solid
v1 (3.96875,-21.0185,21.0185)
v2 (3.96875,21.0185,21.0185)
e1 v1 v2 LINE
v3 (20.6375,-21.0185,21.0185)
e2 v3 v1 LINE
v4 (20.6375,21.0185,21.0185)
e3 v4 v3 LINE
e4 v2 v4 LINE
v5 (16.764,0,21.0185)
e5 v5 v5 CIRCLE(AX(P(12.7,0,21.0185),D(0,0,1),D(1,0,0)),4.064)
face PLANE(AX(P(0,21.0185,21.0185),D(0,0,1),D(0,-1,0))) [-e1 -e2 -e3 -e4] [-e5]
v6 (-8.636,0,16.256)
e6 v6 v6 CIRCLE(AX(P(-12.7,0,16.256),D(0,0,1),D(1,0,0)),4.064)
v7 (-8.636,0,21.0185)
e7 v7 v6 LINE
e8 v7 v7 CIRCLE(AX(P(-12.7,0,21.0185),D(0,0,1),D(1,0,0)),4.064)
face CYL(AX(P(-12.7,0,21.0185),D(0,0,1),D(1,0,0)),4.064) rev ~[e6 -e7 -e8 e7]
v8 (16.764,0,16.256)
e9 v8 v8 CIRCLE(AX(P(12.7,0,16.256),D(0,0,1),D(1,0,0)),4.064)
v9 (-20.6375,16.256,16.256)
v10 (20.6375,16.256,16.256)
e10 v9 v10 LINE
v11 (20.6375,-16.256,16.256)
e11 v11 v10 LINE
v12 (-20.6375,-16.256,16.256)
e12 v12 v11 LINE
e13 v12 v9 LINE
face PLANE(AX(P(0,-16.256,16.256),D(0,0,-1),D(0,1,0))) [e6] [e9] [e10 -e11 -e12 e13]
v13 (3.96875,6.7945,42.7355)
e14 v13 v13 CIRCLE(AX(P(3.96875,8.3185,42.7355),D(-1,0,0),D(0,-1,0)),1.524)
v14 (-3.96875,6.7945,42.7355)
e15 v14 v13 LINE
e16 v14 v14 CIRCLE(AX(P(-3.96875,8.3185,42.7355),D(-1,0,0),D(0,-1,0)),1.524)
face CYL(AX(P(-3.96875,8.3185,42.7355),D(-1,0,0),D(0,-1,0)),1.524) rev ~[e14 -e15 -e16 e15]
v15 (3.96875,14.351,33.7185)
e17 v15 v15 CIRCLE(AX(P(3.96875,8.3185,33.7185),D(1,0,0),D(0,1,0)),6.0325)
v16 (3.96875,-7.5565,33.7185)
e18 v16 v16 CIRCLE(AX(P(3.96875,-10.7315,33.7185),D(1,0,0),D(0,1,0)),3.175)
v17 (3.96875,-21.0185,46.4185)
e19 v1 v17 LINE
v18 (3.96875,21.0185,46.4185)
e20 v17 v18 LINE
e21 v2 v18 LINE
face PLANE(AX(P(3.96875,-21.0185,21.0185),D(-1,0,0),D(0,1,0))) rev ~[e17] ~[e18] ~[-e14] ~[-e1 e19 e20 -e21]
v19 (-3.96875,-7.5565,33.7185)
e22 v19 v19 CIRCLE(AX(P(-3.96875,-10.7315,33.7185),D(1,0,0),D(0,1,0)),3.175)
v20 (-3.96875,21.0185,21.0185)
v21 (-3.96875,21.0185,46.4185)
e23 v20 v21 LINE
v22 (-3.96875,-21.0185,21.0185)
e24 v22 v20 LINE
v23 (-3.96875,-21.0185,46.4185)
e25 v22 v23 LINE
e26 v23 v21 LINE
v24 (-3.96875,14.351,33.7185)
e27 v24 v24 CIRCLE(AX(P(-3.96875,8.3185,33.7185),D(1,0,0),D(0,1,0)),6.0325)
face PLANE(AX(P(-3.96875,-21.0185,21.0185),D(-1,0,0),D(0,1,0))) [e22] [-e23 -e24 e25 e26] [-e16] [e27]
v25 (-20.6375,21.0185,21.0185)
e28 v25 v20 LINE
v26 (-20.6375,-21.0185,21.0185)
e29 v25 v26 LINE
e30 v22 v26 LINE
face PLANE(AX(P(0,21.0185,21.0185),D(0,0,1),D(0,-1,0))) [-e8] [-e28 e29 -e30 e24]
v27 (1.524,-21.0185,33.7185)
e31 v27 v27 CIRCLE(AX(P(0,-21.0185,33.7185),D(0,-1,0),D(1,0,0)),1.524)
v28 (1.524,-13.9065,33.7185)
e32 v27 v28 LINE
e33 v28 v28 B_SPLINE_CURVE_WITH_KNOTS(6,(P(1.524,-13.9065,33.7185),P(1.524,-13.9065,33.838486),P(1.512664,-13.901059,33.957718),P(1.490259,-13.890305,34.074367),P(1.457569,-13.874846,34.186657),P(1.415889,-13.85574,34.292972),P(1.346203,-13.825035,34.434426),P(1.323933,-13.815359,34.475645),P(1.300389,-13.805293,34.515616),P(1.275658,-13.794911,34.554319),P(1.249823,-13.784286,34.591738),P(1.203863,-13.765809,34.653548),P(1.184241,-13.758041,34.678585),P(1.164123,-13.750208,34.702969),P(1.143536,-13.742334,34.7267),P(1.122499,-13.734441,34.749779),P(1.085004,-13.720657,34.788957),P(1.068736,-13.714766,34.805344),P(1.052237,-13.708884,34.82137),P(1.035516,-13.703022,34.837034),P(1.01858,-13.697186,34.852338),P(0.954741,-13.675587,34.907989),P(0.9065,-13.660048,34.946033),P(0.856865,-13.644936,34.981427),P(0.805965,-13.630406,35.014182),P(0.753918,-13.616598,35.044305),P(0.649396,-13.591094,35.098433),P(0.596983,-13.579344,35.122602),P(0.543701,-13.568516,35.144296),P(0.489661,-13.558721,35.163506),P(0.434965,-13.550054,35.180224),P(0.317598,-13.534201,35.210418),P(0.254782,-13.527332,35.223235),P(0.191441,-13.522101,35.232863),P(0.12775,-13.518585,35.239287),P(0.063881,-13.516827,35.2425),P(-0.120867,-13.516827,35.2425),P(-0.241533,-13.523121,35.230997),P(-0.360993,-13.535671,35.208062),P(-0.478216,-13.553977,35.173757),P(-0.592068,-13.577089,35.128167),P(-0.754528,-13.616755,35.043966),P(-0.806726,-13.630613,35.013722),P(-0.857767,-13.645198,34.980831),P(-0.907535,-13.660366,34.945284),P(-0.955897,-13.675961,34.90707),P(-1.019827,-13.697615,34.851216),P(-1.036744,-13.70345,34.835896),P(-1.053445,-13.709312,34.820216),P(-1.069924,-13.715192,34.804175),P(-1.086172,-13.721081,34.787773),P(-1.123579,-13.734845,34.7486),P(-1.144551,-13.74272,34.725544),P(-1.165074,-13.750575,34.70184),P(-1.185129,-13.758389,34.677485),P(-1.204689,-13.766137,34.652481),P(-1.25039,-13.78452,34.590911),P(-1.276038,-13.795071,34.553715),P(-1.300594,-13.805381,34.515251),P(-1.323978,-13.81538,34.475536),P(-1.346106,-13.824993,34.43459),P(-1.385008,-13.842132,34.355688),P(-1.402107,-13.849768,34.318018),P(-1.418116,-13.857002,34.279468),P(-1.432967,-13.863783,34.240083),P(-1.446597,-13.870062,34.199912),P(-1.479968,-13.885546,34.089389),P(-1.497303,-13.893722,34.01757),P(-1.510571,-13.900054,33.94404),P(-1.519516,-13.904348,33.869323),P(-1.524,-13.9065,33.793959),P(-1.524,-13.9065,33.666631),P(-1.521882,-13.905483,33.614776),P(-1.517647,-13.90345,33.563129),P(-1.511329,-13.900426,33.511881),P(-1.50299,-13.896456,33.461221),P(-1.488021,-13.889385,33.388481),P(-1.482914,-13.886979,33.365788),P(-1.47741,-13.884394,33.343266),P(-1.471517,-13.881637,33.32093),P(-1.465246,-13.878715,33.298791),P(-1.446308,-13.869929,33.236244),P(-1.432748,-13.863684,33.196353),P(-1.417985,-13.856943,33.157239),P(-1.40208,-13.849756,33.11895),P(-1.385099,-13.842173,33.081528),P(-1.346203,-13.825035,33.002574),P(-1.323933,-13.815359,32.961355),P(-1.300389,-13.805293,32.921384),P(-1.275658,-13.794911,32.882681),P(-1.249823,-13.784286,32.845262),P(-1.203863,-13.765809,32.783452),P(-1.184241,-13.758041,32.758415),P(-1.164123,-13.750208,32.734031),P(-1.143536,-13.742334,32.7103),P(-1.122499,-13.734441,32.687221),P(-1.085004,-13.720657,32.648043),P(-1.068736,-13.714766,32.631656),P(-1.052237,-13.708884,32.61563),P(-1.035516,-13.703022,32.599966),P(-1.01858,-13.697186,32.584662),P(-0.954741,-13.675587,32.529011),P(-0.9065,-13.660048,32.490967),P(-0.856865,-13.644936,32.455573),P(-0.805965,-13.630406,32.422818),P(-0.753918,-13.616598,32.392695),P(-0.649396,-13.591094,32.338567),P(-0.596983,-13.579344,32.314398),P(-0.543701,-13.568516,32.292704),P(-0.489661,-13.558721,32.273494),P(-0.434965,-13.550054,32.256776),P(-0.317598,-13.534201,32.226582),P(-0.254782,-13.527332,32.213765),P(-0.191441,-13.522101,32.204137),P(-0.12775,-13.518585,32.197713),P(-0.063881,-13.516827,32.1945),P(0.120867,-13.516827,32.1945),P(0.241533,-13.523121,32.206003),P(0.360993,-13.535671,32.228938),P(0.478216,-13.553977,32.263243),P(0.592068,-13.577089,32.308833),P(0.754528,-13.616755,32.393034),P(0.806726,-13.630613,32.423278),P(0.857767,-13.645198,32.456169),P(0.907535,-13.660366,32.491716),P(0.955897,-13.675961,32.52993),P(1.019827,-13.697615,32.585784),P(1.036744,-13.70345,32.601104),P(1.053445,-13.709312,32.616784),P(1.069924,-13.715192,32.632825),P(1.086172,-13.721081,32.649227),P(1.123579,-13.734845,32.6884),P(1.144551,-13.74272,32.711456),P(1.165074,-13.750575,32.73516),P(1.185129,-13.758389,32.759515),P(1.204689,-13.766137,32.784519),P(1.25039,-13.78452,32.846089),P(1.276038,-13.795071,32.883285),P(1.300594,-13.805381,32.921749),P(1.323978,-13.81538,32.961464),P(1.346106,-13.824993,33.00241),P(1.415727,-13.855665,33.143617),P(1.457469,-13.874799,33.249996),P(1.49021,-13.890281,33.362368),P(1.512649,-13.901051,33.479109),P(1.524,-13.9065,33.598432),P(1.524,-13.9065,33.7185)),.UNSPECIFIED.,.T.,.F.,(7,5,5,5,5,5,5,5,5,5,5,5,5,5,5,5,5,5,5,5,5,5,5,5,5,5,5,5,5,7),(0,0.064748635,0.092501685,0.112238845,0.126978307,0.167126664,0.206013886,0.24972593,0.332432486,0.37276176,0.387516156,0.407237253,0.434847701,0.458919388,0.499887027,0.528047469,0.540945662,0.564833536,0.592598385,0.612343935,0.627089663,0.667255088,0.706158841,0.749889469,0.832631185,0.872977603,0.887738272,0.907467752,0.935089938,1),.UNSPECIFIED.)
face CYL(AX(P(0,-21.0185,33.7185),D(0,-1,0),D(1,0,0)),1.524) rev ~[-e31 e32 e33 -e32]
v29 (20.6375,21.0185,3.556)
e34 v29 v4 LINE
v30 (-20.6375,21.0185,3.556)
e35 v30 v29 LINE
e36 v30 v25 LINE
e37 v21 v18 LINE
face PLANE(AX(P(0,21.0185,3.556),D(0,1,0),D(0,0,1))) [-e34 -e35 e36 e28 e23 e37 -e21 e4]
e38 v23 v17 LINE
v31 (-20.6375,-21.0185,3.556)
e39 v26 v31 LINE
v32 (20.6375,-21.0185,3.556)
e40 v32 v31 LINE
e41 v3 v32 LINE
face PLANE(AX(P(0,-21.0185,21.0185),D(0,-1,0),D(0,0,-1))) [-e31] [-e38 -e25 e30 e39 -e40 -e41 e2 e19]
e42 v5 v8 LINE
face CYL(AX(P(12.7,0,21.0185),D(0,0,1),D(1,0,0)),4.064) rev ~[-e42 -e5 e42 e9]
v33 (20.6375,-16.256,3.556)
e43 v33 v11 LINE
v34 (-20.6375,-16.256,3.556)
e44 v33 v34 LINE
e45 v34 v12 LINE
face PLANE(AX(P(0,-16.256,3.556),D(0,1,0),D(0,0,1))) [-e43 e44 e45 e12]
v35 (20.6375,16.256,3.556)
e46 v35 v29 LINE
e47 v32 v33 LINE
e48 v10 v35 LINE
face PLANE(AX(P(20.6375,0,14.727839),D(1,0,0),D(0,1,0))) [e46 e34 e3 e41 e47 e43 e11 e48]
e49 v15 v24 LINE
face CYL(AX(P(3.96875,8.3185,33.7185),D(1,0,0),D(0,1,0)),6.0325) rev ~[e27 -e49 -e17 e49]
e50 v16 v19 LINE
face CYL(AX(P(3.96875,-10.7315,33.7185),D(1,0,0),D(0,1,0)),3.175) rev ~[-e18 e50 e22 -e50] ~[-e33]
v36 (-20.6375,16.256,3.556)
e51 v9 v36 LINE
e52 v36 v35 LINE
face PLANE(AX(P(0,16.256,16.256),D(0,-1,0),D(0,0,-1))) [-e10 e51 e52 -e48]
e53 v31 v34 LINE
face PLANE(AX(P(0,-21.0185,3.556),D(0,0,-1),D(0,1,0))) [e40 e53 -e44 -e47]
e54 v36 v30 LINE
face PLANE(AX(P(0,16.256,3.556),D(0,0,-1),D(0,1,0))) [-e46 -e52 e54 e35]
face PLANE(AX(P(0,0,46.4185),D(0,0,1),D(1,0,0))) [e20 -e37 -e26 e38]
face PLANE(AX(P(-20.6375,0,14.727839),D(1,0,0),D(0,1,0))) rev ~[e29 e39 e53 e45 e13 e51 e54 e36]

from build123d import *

# Parameters (mm, degrees)
F1_DEPTH  = 20.6375
F2_R      = 4.064
F3_DEPTH  = 4.7625
F4_W      = 7.9375
F4_H      = 42.037
F5_DEPTH  = 25.4
F6_R      = 6.0325
F6_R_2    = 3.175
F7_DEPTH  = 7.9375
F8_R      = 1.524
F9_DEPTH  = 7.9375
F10_R     = 1.524
F11_DEPTH = 7.5026726507


with BuildPart() as f1:
    # F0 (on Right) → F1 (new body, symmetric)
    with BuildSketch(Plane.YZ):
        Polygon((-16.256, 3.556), (-16.256, 16.256), (16.256, 16.256), (16.256, 3.556), (21.0185, 3.556), (21.0185, 21.0185), (-21.0185, 21.0185), (-21.0185, 3.556), align=None)
    extrude(amount=F1_DEPTH, both=True)

    # F2 (on face) → F3 (cut, through all)
    with BuildSketch(Plane.XY.offset(21.0185)):
        with Locations((-12.7, 0)):
            Circle(F2_R)
        with Locations((12.7, 0)):
            Circle(F2_R)
    extrude(amount=-F3_DEPTH, mode=Mode.SUBTRACT)

    # F4 (on face) → F5 (join)
    with BuildSketch(Plane.XY.offset(21.0185)):
        Rectangle(F4_W, F4_H)
    extrude(amount=F5_DEPTH)

    # F6 (on face) → F7 (cut, through all)
    with BuildSketch(Plane.YZ.offset(3.96875)):
        with Locations((8.3185, 33.7185)):
            Circle(F6_R)
        with Locations((-10.7315, 33.7185)):
            Circle(F6_R_2)
    extrude(amount=-F7_DEPTH, mode=Mode.SUBTRACT)

    # F8 (on face) → F9 (cut, through all)
    with BuildSketch(Plane(origin=(-3.96875, 0, 0), x_dir=(0, -1, 0), z_dir=(-1, 0, 0))):
        with Locations((-8.3185, 42.7355)):
            Circle(F8_R)
    extrude(amount=-F9_DEPTH, mode=Mode.SUBTRACT)

    # F10 (on face) → F11 (cut, through all)
    with BuildSketch(Plane.XZ.offset(21.0185)):
        with Locations((0, 33.7185)):
            Circle(F10_R)
    extrude(amount=-F11_DEPTH, mode=Mode.SUBTRACT)


solid = f1.part
